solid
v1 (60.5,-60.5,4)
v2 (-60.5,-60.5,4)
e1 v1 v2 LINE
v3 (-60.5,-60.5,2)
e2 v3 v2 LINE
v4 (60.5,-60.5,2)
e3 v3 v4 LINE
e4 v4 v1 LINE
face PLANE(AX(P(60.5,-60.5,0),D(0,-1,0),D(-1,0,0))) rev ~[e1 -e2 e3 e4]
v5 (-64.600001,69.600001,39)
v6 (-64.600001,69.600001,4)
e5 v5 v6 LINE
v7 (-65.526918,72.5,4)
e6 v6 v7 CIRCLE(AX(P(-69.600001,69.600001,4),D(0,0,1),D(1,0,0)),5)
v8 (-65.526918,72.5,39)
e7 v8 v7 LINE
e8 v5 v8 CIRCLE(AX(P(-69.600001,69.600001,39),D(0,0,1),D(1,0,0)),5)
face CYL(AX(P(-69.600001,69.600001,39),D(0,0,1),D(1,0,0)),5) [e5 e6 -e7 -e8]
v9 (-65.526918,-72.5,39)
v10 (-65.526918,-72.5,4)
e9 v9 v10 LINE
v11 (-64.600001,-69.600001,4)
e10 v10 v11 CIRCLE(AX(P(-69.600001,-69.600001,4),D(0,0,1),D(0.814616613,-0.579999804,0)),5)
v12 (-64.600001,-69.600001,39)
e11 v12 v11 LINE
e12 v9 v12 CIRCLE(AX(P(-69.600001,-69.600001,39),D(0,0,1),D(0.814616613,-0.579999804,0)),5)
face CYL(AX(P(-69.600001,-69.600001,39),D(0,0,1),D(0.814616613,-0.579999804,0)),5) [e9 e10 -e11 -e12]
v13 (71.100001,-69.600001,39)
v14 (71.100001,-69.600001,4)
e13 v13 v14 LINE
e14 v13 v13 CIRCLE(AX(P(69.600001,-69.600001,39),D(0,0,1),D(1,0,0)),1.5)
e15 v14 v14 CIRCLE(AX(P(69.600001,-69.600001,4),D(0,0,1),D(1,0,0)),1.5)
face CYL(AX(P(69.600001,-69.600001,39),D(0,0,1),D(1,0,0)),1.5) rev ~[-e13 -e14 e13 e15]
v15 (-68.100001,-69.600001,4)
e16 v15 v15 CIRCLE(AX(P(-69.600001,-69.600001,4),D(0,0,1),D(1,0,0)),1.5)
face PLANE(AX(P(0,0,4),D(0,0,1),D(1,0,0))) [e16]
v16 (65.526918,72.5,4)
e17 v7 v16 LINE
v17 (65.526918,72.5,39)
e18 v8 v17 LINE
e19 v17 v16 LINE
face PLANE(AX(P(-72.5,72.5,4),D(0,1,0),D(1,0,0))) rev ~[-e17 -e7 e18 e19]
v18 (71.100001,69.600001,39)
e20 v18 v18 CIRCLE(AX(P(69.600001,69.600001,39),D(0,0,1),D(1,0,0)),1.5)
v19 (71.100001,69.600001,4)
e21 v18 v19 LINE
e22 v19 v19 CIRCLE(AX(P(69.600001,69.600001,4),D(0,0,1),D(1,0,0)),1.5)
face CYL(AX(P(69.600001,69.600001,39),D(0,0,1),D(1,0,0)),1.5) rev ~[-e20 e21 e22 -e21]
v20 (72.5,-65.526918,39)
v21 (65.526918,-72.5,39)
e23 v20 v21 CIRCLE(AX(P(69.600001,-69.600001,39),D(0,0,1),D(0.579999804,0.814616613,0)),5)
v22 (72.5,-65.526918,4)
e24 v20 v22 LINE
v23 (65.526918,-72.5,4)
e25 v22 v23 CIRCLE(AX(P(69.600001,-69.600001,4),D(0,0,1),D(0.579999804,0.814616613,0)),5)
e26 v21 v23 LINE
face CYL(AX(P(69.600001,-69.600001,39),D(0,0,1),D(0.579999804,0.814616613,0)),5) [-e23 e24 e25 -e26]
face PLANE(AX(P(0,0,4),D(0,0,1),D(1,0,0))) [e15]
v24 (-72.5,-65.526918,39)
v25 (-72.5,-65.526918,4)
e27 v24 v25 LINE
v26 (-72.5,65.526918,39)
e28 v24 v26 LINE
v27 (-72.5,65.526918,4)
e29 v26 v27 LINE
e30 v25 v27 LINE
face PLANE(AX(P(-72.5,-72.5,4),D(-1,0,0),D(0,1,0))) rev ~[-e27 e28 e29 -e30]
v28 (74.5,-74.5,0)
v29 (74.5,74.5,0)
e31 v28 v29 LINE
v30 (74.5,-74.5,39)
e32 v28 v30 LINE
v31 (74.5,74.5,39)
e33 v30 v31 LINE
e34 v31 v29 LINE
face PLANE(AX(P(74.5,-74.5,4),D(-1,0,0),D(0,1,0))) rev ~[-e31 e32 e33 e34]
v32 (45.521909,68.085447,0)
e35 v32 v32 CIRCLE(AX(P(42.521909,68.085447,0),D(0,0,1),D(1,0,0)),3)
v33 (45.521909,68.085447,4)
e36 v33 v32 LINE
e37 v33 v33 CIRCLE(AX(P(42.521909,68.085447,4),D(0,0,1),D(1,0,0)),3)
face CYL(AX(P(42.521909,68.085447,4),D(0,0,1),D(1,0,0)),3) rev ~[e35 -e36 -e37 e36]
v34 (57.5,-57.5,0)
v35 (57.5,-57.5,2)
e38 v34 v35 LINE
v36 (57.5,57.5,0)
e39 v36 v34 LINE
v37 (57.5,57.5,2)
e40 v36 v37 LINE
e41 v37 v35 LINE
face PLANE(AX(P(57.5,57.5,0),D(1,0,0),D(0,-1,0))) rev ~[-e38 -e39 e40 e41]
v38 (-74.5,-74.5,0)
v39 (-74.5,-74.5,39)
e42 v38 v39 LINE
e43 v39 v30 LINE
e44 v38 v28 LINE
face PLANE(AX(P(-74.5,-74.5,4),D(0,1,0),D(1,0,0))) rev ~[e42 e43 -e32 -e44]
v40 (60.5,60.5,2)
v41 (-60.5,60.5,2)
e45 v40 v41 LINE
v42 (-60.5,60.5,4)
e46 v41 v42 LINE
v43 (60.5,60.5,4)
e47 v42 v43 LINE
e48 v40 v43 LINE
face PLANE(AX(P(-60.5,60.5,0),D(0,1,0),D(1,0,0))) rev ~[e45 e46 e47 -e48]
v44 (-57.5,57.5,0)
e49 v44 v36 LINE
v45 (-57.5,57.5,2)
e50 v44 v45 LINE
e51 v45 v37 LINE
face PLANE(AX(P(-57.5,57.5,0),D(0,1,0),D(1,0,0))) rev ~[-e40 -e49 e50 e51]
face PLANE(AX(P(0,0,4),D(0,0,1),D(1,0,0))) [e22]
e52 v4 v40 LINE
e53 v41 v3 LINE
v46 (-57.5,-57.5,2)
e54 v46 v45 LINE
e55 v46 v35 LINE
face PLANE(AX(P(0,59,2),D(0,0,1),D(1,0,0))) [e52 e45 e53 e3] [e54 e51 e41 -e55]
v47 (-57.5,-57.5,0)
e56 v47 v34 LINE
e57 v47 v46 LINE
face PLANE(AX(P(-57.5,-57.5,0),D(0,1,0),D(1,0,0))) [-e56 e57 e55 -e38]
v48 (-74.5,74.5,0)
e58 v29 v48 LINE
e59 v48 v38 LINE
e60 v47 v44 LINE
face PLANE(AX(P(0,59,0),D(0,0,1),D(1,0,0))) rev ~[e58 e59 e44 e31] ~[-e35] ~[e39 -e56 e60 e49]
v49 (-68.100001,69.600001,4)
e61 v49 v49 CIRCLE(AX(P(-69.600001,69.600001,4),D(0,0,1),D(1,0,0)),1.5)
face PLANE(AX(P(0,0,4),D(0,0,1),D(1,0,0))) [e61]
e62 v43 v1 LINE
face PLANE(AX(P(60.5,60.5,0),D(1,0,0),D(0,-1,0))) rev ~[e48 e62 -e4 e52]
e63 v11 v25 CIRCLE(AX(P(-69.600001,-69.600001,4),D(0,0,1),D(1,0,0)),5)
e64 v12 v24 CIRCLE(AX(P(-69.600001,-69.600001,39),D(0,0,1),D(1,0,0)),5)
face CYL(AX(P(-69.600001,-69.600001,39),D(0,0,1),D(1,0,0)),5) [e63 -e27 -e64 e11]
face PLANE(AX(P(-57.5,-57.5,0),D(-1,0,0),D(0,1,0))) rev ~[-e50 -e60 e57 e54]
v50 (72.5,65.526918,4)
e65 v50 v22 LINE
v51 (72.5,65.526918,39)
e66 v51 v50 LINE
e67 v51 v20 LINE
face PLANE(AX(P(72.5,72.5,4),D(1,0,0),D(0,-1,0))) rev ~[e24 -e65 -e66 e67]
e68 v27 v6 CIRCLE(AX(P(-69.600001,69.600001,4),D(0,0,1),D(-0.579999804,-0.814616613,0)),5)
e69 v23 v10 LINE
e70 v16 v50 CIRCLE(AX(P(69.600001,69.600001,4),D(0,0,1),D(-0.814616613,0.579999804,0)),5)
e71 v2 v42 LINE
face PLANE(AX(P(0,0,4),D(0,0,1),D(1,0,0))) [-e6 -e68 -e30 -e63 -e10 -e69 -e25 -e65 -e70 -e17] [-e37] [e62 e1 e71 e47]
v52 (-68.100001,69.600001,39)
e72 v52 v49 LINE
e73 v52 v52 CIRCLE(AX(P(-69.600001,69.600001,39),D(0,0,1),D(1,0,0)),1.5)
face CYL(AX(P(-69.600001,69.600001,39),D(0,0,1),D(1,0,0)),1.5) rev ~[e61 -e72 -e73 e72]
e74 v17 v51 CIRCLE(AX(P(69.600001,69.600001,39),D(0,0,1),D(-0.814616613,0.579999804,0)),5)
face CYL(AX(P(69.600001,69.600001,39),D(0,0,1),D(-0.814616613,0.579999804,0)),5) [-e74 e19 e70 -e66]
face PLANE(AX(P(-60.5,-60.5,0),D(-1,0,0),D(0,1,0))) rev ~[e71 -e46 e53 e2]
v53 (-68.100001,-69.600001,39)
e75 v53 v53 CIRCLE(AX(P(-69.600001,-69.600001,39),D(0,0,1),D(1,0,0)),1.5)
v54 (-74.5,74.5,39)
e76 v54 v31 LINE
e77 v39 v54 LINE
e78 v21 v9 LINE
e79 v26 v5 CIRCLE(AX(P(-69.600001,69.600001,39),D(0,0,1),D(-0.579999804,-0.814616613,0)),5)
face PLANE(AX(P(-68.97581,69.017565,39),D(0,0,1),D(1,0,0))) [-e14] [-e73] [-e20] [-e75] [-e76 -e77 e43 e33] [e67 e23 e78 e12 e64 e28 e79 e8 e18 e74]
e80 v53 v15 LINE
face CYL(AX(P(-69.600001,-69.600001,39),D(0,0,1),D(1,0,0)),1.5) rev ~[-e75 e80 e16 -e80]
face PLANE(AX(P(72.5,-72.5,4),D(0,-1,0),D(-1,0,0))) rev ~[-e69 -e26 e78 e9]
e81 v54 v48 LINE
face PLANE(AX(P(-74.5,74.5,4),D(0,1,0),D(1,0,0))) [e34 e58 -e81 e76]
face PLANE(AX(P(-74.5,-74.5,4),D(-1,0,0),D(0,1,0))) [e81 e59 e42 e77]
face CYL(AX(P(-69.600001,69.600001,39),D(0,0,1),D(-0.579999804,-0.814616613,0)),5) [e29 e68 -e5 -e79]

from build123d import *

# Parameters (mm, degrees)
F1_DEPTH = 4
F0_W     = 115
F0_H     = 3
F0_W_2   = 3
F0_H_2   = 115
F2_DEPTH = 2
F3_R     = 3
F4_DEPTH = 4
F5_W     = 149
F5_H     = 149
F6_DEPTH = 35
F7_R     = 1.5
F8_DEPTH = 35


with BuildPart() as f1:
    # F0 (on Top) → F1 (new body)
    with BuildSketch(Plane.XY):
        Polygon((74.5, 74.5), (60.5, 74.5), (-60.5, 74.5), (-74.5, 74.5), (-74.5, 60.5), (-74.5, -60.5), (-74.5, -74.5), (-60.5, -74.5), (60.5, -74.5), (74.5, -74.5), (74.5, -60.5), (74.5, 60.5), align=None)
        Polygon((57.5, 60.5), (60.5, 60.5), (60.5, 57.5), (60.5, -57.5), (60.5, -60.5), (57.5, -60.5), (-57.5, -60.5), (-60.5, -60.5), (-60.5, -57.5), (-60.5, 57.5), (-60.5, 60.5), (-57.5, 60.5), align=None, mode=Mode.SUBTRACT)
    extrude(amount=F1_DEPTH)

    # F0 (on Top) → F2 (join)
    with BuildSketch(Plane.XY):
        with Locations((0, 59)):
            Rectangle(F0_W, F0_H)
        with Locations((59, 59)):
            Rectangle(F0_W_2, F0_H)
        with Locations((59, 0)):
            Rectangle(F0_W_2, F0_H_2)
        with Locations((59, -59)):
            Rectangle(F0_W_2, F0_H)
        with Locations((0, -59)):
            Rectangle(F0_W, F0_H)
        with Locations((-59, 0)):
            Rectangle(F0_W_2, F0_H_2)
        with Locations((-59, -59)):
            Rectangle(F0_W_2, F0_H)
        with Locations((-59, 59)):
            Rectangle(F0_W_2, F0_H)
    extrude(amount=F2_DEPTH)

    # F3 (on face) → F4 (cut, through all)
    with BuildSketch(Plane.XY.offset(4)):
        with Locations((42.5219088793, 68.0854469538)):
            Circle(F3_R)
    extrude(amount=-F4_DEPTH, mode=Mode.SUBTRACT)

    # F5 (on face) → F6 (join)
    with BuildSketch(Plane.XY.offset(4)):
        Rectangle(F5_W, F5_H)
        Polygon((-60.5, 72.5), (60.5, 72.5), (72.5, 72.5), (72.5, 60.5), (72.5, -60.5), (72.5, -72.5), (60.5, -72.5), (-60.5, -72.5), (-72.5, -72.5), (-72.5, -60.5), (-72.5, 60.5), (-72.5, 72.5), align=None, mode=Mode.SUBTRACT)
    extrude(amount=F6_DEPTH)

    # F7 (on face) → F8 (join)
    with BuildSketch(Plane.XY.offset(39)):
        with BuildLine():
            ThreePointArc((-72.5, 65.5269179106), (-67.3087125968, 65.1559040438), (-64.6000009775, 69.6000009775))
            ThreePointArc((-64.6000009775, 69.6000009775), (-64.8373643478, 71.1222665039), (-65.5269179106, 72.5))
            Line((-65.5269179106, 72.5), (-72.5, 72.5))
            Line((-72.5, 72.5), (-72.5, 65.5269179106))
        make_face()
        with Locations((-69.6000009775, 69.6000009775)):
            Circle(F7_R, mode=Mode.SUBTRACT)
        with BuildLine():
            Line((72.5, 72.5), (65.5269179106, 72.5))
            ThreePointArc((65.5269179106, 72.5), (66.0644670716, 66.0644670716), (72.5, 65.5269179106))
            Line((72.5, 65.5269179106), (72.5, 72.5))
        make_face()
        with Locations((69.6000009775, 69.6000009775)):
            Circle(F7_R, mode=Mode.SUBTRACT)
        with BuildLine():
            Line((72.5, -72.5), (72.5, -65.5269179106))
            ThreePointArc((72.5, -65.5269179106), (66.0644670716, -66.0644670716), (65.5269179106, -72.5))
            Line((65.5269179106, -72.5), (72.5, -72.5))
        make_face()
        with Locations((69.6000009775, -69.6000009775)):
            Circle(F7_R, mode=Mode.SUBTRACT)
        with BuildLine():
            ThreePointArc((-64.6000009775, -69.6000009775), (-67.3087125968, -65.1559040438), (-72.5, -65.5269179106))
            Line((-72.5, -65.5269179106), (-72.5, -72.5))
            Line((-72.5, -72.5), (-65.5269179106, -72.5))
            ThreePointArc((-65.5269179106, -72.5), (-64.8373643478, -71.1222665039), (-64.6000009775, -69.6000009775))
        make_face()
        with Locations((-69.6000009775, -69.6000009775)):
            Circle(F7_R, mode=Mode.SUBTRACT)
    extrude(amount=-F8_DEPTH)


solid = f1.part
